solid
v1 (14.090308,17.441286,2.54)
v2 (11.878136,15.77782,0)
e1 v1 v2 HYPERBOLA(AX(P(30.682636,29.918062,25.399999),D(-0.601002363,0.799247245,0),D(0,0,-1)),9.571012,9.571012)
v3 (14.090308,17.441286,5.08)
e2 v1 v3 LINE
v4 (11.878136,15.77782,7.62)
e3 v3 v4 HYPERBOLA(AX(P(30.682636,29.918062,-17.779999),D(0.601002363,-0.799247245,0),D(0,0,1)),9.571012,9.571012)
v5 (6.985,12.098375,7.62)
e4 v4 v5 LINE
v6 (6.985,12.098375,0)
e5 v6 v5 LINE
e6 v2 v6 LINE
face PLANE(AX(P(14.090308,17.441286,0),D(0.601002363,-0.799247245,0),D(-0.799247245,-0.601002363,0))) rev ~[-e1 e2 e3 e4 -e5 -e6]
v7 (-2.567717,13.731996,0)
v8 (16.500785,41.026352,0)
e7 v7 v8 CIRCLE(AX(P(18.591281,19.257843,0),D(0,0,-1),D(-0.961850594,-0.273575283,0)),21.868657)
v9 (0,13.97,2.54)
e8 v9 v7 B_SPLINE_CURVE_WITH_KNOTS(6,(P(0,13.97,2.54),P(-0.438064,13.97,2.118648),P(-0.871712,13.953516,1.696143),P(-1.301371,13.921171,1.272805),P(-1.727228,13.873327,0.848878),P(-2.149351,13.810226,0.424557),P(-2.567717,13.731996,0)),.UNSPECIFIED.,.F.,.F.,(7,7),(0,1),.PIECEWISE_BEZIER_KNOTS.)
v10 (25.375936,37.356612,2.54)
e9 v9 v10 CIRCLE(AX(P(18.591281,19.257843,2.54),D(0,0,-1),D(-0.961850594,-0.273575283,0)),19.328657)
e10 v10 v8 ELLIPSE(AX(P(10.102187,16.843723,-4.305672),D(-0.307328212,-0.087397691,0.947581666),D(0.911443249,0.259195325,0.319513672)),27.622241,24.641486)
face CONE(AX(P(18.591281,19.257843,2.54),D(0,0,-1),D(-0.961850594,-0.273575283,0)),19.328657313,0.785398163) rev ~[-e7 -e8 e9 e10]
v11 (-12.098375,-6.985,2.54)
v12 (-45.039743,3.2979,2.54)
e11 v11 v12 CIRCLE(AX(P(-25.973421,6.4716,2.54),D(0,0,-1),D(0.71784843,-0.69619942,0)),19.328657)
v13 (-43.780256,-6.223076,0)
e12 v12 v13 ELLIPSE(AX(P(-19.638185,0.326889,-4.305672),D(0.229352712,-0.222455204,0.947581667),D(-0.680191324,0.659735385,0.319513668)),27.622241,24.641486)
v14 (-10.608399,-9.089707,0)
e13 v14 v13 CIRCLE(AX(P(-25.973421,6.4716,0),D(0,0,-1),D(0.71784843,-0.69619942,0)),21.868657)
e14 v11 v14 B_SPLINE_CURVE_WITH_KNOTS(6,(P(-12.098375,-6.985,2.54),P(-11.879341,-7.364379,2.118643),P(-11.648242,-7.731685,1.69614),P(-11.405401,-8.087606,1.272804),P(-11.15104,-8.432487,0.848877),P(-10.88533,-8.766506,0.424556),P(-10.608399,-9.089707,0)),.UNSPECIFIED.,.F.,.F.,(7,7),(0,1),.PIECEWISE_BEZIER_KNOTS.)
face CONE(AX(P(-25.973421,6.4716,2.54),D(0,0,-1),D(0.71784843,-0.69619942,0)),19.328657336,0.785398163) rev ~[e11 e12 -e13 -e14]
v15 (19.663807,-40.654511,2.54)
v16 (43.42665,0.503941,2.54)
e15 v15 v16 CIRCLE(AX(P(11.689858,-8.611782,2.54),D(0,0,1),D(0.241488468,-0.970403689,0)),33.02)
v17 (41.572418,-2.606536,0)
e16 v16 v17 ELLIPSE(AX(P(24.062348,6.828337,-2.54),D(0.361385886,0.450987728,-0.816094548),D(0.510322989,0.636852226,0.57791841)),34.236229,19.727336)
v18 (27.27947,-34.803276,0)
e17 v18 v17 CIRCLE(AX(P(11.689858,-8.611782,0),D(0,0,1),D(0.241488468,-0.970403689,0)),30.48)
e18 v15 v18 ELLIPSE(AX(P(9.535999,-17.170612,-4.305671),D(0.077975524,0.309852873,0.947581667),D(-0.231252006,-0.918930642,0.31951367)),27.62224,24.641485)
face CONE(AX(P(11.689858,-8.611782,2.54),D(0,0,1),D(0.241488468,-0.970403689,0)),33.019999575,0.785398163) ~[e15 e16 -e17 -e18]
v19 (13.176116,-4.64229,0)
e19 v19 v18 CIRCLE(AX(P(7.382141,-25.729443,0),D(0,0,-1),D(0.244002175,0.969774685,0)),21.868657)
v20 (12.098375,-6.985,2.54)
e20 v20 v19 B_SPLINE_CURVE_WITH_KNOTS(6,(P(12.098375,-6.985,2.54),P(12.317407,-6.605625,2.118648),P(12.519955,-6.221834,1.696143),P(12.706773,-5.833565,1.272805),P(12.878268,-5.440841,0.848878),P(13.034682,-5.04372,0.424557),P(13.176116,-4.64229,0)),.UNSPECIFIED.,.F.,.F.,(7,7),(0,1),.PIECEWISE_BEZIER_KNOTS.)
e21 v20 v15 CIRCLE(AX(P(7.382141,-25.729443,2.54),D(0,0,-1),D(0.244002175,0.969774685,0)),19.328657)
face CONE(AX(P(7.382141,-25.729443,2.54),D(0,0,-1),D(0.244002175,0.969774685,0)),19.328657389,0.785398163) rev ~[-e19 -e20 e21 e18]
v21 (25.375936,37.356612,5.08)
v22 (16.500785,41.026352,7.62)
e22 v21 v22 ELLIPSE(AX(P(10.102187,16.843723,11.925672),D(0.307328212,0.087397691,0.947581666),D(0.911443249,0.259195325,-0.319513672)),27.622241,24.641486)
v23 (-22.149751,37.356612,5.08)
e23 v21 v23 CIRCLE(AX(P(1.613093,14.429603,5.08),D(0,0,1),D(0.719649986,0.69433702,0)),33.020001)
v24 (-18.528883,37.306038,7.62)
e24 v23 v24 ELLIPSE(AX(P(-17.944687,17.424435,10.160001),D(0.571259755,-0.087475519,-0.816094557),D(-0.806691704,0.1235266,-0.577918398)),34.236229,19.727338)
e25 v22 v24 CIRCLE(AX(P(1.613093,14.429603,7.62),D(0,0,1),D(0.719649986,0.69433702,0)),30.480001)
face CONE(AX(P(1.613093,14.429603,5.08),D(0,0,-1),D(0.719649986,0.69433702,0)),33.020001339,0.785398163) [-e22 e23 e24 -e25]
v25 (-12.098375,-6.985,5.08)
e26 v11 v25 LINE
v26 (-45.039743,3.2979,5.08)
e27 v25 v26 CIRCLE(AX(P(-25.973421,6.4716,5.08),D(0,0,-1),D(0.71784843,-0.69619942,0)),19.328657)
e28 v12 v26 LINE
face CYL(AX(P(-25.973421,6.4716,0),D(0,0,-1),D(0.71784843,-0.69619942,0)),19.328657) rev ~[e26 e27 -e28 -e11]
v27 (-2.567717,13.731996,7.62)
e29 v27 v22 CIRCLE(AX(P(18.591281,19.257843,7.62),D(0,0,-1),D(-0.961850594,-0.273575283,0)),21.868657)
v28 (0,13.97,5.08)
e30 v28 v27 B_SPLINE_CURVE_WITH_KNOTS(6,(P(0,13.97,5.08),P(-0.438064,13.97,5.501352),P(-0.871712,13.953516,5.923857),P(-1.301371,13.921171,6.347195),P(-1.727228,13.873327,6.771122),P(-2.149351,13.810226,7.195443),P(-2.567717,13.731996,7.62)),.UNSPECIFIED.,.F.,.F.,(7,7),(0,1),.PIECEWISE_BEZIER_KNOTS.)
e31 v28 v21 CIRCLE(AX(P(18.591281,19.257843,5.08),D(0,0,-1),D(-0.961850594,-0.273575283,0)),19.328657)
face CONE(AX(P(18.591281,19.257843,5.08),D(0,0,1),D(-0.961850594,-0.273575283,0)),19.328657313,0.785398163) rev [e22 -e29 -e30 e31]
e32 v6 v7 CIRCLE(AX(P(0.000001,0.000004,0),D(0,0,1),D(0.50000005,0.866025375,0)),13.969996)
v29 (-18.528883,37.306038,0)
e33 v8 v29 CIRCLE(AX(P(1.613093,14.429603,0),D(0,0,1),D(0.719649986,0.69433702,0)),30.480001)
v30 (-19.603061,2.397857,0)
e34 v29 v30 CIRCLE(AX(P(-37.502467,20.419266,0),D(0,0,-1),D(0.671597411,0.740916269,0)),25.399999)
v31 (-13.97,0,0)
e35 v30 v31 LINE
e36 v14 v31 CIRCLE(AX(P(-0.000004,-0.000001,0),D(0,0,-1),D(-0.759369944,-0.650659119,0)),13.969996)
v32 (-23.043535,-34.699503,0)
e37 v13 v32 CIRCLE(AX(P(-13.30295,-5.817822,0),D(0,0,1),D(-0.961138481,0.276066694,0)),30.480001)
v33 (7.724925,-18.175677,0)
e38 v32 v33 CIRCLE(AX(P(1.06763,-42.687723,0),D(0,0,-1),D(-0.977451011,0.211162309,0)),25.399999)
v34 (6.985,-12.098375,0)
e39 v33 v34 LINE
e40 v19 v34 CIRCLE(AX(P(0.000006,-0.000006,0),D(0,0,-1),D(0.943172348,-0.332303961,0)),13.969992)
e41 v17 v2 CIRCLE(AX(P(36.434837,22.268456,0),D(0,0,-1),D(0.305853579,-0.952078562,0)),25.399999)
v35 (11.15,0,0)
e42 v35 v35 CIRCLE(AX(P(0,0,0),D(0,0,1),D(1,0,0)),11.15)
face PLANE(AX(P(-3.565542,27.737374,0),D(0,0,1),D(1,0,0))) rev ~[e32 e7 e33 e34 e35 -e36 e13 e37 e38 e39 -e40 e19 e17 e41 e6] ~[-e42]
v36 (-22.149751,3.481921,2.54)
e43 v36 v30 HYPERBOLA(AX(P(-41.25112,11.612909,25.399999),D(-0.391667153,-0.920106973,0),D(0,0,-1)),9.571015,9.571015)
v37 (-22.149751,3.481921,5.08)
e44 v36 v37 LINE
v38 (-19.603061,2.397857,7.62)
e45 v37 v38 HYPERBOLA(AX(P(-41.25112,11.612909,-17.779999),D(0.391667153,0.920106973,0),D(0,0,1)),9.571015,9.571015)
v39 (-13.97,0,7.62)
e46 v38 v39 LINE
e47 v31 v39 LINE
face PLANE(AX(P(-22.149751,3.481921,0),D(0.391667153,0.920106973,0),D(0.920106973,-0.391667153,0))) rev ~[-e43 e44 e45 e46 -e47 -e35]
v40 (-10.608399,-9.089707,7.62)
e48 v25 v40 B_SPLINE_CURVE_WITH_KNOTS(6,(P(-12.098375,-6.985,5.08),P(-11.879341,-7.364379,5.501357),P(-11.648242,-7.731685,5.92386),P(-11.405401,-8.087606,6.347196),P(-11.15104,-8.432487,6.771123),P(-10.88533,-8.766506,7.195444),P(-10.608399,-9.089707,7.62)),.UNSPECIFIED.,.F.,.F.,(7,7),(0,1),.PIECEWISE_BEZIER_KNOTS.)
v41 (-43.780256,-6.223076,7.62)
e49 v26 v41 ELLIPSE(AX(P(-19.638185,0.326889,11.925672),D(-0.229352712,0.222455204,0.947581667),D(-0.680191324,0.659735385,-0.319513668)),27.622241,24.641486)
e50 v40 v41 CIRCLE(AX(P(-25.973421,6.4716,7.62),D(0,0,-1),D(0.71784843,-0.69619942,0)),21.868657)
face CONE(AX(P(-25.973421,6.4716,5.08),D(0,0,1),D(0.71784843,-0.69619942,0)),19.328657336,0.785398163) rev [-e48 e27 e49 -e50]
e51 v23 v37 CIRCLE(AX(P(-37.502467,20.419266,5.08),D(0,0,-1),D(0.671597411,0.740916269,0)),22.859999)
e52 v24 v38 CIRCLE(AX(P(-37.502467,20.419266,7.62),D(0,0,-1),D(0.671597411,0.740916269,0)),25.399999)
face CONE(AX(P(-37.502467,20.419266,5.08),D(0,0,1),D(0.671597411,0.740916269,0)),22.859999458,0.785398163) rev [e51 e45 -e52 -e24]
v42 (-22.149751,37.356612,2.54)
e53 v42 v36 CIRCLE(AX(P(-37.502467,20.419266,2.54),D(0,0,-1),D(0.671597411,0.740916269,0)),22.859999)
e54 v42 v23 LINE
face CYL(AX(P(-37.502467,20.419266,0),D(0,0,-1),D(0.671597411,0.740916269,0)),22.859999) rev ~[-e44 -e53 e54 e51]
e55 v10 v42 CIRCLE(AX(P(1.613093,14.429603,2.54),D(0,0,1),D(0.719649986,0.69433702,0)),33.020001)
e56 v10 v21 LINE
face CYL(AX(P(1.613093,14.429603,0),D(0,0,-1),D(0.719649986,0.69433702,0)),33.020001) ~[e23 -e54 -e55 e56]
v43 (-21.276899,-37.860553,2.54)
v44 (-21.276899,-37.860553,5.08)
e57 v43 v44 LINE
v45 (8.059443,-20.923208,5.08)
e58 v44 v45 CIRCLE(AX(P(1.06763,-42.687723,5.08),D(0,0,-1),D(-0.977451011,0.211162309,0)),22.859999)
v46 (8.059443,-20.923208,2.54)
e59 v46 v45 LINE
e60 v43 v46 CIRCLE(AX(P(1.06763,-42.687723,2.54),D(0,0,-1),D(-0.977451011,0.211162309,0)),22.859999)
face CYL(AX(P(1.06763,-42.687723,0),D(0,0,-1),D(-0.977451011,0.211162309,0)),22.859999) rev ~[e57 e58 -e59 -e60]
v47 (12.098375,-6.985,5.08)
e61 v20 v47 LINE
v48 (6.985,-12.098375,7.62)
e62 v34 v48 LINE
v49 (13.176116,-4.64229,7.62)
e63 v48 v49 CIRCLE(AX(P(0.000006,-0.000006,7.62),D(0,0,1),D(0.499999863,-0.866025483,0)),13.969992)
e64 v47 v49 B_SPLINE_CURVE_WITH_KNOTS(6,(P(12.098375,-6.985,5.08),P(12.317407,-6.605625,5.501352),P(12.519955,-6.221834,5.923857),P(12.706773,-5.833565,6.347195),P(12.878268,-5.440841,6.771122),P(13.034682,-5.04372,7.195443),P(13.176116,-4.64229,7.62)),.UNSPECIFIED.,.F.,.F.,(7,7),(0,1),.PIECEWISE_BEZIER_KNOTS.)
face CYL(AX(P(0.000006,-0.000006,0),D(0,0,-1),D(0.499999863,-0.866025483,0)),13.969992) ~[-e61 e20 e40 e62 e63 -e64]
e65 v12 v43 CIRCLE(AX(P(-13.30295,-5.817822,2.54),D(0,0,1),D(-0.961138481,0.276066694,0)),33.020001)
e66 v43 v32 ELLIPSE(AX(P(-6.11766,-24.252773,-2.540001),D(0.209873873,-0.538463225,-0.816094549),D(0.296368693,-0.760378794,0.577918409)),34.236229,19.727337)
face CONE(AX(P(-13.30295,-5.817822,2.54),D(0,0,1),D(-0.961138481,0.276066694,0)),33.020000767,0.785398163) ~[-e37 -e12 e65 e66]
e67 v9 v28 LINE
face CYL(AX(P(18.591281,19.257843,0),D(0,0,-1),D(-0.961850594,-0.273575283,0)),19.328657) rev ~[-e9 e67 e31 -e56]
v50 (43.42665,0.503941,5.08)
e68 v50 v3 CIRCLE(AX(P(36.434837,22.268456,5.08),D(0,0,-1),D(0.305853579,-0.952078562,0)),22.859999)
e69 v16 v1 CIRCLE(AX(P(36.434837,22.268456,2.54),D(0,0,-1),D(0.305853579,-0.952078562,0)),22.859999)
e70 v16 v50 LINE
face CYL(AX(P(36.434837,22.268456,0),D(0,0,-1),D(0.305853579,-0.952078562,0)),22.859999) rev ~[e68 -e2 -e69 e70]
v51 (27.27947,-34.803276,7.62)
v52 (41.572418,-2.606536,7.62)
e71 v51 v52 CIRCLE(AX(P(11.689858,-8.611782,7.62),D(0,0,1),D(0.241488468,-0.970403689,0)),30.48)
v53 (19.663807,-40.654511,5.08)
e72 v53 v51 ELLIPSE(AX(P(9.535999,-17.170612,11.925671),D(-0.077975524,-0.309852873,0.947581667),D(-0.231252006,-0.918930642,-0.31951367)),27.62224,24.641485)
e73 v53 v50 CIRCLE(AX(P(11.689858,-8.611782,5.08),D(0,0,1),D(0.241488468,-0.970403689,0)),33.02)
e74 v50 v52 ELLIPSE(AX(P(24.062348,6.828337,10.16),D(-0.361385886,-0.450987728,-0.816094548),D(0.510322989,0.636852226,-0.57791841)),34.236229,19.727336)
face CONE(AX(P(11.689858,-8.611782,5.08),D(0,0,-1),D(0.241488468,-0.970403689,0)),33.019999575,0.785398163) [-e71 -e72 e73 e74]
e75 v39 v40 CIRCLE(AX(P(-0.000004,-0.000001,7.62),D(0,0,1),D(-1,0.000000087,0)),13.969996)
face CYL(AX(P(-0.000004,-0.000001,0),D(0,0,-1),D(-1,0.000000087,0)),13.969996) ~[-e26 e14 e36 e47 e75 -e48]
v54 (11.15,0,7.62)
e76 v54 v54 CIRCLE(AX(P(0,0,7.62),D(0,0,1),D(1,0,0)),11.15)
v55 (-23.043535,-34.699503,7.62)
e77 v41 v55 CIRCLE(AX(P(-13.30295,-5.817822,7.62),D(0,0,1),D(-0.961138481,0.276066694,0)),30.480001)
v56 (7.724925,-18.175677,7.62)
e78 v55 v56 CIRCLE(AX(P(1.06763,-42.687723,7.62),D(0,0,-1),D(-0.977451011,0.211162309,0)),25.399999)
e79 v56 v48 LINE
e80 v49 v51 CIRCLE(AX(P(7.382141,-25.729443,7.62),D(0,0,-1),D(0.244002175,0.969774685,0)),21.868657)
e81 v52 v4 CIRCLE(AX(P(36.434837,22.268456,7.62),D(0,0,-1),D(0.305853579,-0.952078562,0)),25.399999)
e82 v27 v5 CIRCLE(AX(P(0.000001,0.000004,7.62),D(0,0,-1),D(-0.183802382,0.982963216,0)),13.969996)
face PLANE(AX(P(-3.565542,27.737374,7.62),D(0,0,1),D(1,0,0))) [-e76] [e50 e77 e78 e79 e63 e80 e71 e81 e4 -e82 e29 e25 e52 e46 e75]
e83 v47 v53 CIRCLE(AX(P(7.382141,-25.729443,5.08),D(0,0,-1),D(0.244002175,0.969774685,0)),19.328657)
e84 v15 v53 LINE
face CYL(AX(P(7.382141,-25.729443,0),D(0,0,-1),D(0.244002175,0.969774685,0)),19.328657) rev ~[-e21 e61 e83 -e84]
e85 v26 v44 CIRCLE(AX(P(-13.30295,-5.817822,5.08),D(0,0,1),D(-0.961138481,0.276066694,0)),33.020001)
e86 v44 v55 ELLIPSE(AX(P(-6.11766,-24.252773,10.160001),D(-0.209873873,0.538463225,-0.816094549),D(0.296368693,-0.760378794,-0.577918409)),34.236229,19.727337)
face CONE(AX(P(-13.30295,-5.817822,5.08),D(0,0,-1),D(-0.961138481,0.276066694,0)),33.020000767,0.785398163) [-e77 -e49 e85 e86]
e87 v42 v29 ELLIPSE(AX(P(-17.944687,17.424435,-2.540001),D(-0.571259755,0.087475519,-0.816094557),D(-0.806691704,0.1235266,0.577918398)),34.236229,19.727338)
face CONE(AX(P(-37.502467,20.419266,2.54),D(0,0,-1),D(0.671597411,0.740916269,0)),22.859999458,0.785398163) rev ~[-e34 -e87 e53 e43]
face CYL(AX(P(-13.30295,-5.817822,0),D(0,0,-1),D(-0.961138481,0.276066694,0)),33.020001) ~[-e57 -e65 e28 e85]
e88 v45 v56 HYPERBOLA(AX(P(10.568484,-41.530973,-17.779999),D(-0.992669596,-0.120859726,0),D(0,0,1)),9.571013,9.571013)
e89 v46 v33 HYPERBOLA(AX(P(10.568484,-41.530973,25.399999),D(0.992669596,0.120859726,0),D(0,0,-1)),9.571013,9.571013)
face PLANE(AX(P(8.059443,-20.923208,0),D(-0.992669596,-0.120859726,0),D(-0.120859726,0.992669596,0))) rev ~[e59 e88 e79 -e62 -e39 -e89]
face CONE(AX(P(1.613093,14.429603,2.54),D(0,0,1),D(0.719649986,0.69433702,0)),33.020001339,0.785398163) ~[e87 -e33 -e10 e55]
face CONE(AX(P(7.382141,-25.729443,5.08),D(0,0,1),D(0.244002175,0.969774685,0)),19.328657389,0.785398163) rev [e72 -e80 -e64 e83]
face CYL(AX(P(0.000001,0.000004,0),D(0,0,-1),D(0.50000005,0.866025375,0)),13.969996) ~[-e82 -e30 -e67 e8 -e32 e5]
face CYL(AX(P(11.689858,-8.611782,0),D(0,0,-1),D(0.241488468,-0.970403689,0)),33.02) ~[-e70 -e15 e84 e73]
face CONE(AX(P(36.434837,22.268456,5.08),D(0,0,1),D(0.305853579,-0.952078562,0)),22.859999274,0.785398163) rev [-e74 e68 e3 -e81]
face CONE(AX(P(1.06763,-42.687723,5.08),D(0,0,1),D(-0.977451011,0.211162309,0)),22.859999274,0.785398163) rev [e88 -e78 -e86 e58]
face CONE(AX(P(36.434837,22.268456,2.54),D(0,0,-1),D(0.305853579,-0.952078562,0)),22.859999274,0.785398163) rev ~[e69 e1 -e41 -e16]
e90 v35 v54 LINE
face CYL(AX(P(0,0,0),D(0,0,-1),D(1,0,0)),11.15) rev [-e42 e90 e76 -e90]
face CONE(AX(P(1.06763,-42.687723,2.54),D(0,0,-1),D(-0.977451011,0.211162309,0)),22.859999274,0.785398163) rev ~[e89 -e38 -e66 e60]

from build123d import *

# Parameters (mm, degrees)
F0_R     = 11.15
F1_DEPTH = 7.62
F2_SIZE  = 2.54


with BuildPart() as f1:
    # F0 (on Top) → F1 (new body)
    with BuildSketch(Plane.XY):
        with BuildLine():
            ThreePointArc((-13.97, 0), (-9.878282, 9.878282), (0, 13.97))
            ThreePointArc((0, 13.97), (5.49233, 33.471023), (25.375936, 37.356612))
            ThreePointArc((25.375936, 37.356612), (1.613093, 47.449604), (-22.149751, 37.356612))
            ThreePointArc((-22.149751, 37.356612), (-14.642468, 20.419267), (-22.149751, 3.481921))
            Line((-22.149751, 3.481921), (-13.97, 0))
        make_face()
        with BuildLine():
            ThreePointArc((6.985, 12.098375), (12.098375, 6.985), (13.97, 0))
            ThreePointArc((13.97, 0), (13.493984, -3.615702), (12.098375, -6.985))
            ThreePointArc((12.098375, -6.985), (26.240591, -21.492009), (19.663807, -40.654511))
            ThreePointArc((19.663807, -40.654511), (40.286016, -25.121782), (43.42665, 0.503941))
            ThreePointArc((43.42665, 0.503941), (25.004838, 2.471116), (14.090308, 17.441286))
            Line((14.090308, 17.441286), (6.985, 12.098375))
        make_face()
        with BuildLine():
            ThreePointArc((12.098375, -6.985), (13.493984, -3.615702), (13.97, 0))
            ThreePointArc((13.97, 0), (12.098375, 6.985), (6.985, 12.098375))
            ThreePointArc((6.985, 12.098375), (3.615702, 13.493984), (0, 13.97))
            ThreePointArc((0, 13.97), (-9.878282, 9.878282), (-13.97, 0))
            ThreePointArc((-13.97, 0), (-13.493984, -3.615702), (-12.098375, -6.985))
            ThreePointArc((-12.098375, -6.985), (-3.615702, -13.493984), (6.985, -12.098375))
            ThreePointArc((6.985, -12.098375), (9.878282, -9.878282), (12.098375, -6.985))
        make_face()
        Circle(F0_R, mode=Mode.SUBTRACT)
        with BuildLine():
            Line((8.059443, -20.923208), (6.985, -12.098375))
            ThreePointArc((6.985, -12.098375), (-3.615702, -13.493984), (-12.098375, -6.985))
            ThreePointArc((-12.098375, -6.985), (-31.732921, -11.979014), (-45.039743, 3.2979))
            ThreePointArc((-45.039743, 3.2979), (-41.899109, -22.327823), (-21.276899, -37.860553))
            ThreePointArc((-21.276899, -37.860553), (-10.362369, -22.890383), (8.059443, -20.923208))
        make_face()
    extrude(amount=F1_DEPTH)

    # F2
    f2_edges = [f1.edges().sort_by_distance(p)[0] for p in [
        (1.613093, 47.449604, 0),
        (40.286016, -25.121782, 0),
        (-41.899109, -22.327823, 0),
        (-41.899109, -22.327823, 7.62),
        (1.613093, 47.449604, 7.62),
        (40.286016, -25.121782, 7.62),
        (-14.642468, 20.419267, 7.62),
        (5.49233, 33.471023, 7.62),
        (26.240591, -21.492009, 7.62),
        (25.004838, 2.471116, 7.62),
        (-10.362369, -22.890383, 7.62),
        (-31.732921, -11.979014, 7.62),
        (-31.732921, -11.979014, 0),
        (-14.642468, 20.419267, 0),
        (25.004838, 2.471116, 0),
        (26.240591, -21.492009, 0),
        (-10.362369, -22.890383, 0),
        (5.49233, 33.471023, 0),
    ]]
    chamfer(f2_edges, length=F2_SIZE)


solid = f1.part
